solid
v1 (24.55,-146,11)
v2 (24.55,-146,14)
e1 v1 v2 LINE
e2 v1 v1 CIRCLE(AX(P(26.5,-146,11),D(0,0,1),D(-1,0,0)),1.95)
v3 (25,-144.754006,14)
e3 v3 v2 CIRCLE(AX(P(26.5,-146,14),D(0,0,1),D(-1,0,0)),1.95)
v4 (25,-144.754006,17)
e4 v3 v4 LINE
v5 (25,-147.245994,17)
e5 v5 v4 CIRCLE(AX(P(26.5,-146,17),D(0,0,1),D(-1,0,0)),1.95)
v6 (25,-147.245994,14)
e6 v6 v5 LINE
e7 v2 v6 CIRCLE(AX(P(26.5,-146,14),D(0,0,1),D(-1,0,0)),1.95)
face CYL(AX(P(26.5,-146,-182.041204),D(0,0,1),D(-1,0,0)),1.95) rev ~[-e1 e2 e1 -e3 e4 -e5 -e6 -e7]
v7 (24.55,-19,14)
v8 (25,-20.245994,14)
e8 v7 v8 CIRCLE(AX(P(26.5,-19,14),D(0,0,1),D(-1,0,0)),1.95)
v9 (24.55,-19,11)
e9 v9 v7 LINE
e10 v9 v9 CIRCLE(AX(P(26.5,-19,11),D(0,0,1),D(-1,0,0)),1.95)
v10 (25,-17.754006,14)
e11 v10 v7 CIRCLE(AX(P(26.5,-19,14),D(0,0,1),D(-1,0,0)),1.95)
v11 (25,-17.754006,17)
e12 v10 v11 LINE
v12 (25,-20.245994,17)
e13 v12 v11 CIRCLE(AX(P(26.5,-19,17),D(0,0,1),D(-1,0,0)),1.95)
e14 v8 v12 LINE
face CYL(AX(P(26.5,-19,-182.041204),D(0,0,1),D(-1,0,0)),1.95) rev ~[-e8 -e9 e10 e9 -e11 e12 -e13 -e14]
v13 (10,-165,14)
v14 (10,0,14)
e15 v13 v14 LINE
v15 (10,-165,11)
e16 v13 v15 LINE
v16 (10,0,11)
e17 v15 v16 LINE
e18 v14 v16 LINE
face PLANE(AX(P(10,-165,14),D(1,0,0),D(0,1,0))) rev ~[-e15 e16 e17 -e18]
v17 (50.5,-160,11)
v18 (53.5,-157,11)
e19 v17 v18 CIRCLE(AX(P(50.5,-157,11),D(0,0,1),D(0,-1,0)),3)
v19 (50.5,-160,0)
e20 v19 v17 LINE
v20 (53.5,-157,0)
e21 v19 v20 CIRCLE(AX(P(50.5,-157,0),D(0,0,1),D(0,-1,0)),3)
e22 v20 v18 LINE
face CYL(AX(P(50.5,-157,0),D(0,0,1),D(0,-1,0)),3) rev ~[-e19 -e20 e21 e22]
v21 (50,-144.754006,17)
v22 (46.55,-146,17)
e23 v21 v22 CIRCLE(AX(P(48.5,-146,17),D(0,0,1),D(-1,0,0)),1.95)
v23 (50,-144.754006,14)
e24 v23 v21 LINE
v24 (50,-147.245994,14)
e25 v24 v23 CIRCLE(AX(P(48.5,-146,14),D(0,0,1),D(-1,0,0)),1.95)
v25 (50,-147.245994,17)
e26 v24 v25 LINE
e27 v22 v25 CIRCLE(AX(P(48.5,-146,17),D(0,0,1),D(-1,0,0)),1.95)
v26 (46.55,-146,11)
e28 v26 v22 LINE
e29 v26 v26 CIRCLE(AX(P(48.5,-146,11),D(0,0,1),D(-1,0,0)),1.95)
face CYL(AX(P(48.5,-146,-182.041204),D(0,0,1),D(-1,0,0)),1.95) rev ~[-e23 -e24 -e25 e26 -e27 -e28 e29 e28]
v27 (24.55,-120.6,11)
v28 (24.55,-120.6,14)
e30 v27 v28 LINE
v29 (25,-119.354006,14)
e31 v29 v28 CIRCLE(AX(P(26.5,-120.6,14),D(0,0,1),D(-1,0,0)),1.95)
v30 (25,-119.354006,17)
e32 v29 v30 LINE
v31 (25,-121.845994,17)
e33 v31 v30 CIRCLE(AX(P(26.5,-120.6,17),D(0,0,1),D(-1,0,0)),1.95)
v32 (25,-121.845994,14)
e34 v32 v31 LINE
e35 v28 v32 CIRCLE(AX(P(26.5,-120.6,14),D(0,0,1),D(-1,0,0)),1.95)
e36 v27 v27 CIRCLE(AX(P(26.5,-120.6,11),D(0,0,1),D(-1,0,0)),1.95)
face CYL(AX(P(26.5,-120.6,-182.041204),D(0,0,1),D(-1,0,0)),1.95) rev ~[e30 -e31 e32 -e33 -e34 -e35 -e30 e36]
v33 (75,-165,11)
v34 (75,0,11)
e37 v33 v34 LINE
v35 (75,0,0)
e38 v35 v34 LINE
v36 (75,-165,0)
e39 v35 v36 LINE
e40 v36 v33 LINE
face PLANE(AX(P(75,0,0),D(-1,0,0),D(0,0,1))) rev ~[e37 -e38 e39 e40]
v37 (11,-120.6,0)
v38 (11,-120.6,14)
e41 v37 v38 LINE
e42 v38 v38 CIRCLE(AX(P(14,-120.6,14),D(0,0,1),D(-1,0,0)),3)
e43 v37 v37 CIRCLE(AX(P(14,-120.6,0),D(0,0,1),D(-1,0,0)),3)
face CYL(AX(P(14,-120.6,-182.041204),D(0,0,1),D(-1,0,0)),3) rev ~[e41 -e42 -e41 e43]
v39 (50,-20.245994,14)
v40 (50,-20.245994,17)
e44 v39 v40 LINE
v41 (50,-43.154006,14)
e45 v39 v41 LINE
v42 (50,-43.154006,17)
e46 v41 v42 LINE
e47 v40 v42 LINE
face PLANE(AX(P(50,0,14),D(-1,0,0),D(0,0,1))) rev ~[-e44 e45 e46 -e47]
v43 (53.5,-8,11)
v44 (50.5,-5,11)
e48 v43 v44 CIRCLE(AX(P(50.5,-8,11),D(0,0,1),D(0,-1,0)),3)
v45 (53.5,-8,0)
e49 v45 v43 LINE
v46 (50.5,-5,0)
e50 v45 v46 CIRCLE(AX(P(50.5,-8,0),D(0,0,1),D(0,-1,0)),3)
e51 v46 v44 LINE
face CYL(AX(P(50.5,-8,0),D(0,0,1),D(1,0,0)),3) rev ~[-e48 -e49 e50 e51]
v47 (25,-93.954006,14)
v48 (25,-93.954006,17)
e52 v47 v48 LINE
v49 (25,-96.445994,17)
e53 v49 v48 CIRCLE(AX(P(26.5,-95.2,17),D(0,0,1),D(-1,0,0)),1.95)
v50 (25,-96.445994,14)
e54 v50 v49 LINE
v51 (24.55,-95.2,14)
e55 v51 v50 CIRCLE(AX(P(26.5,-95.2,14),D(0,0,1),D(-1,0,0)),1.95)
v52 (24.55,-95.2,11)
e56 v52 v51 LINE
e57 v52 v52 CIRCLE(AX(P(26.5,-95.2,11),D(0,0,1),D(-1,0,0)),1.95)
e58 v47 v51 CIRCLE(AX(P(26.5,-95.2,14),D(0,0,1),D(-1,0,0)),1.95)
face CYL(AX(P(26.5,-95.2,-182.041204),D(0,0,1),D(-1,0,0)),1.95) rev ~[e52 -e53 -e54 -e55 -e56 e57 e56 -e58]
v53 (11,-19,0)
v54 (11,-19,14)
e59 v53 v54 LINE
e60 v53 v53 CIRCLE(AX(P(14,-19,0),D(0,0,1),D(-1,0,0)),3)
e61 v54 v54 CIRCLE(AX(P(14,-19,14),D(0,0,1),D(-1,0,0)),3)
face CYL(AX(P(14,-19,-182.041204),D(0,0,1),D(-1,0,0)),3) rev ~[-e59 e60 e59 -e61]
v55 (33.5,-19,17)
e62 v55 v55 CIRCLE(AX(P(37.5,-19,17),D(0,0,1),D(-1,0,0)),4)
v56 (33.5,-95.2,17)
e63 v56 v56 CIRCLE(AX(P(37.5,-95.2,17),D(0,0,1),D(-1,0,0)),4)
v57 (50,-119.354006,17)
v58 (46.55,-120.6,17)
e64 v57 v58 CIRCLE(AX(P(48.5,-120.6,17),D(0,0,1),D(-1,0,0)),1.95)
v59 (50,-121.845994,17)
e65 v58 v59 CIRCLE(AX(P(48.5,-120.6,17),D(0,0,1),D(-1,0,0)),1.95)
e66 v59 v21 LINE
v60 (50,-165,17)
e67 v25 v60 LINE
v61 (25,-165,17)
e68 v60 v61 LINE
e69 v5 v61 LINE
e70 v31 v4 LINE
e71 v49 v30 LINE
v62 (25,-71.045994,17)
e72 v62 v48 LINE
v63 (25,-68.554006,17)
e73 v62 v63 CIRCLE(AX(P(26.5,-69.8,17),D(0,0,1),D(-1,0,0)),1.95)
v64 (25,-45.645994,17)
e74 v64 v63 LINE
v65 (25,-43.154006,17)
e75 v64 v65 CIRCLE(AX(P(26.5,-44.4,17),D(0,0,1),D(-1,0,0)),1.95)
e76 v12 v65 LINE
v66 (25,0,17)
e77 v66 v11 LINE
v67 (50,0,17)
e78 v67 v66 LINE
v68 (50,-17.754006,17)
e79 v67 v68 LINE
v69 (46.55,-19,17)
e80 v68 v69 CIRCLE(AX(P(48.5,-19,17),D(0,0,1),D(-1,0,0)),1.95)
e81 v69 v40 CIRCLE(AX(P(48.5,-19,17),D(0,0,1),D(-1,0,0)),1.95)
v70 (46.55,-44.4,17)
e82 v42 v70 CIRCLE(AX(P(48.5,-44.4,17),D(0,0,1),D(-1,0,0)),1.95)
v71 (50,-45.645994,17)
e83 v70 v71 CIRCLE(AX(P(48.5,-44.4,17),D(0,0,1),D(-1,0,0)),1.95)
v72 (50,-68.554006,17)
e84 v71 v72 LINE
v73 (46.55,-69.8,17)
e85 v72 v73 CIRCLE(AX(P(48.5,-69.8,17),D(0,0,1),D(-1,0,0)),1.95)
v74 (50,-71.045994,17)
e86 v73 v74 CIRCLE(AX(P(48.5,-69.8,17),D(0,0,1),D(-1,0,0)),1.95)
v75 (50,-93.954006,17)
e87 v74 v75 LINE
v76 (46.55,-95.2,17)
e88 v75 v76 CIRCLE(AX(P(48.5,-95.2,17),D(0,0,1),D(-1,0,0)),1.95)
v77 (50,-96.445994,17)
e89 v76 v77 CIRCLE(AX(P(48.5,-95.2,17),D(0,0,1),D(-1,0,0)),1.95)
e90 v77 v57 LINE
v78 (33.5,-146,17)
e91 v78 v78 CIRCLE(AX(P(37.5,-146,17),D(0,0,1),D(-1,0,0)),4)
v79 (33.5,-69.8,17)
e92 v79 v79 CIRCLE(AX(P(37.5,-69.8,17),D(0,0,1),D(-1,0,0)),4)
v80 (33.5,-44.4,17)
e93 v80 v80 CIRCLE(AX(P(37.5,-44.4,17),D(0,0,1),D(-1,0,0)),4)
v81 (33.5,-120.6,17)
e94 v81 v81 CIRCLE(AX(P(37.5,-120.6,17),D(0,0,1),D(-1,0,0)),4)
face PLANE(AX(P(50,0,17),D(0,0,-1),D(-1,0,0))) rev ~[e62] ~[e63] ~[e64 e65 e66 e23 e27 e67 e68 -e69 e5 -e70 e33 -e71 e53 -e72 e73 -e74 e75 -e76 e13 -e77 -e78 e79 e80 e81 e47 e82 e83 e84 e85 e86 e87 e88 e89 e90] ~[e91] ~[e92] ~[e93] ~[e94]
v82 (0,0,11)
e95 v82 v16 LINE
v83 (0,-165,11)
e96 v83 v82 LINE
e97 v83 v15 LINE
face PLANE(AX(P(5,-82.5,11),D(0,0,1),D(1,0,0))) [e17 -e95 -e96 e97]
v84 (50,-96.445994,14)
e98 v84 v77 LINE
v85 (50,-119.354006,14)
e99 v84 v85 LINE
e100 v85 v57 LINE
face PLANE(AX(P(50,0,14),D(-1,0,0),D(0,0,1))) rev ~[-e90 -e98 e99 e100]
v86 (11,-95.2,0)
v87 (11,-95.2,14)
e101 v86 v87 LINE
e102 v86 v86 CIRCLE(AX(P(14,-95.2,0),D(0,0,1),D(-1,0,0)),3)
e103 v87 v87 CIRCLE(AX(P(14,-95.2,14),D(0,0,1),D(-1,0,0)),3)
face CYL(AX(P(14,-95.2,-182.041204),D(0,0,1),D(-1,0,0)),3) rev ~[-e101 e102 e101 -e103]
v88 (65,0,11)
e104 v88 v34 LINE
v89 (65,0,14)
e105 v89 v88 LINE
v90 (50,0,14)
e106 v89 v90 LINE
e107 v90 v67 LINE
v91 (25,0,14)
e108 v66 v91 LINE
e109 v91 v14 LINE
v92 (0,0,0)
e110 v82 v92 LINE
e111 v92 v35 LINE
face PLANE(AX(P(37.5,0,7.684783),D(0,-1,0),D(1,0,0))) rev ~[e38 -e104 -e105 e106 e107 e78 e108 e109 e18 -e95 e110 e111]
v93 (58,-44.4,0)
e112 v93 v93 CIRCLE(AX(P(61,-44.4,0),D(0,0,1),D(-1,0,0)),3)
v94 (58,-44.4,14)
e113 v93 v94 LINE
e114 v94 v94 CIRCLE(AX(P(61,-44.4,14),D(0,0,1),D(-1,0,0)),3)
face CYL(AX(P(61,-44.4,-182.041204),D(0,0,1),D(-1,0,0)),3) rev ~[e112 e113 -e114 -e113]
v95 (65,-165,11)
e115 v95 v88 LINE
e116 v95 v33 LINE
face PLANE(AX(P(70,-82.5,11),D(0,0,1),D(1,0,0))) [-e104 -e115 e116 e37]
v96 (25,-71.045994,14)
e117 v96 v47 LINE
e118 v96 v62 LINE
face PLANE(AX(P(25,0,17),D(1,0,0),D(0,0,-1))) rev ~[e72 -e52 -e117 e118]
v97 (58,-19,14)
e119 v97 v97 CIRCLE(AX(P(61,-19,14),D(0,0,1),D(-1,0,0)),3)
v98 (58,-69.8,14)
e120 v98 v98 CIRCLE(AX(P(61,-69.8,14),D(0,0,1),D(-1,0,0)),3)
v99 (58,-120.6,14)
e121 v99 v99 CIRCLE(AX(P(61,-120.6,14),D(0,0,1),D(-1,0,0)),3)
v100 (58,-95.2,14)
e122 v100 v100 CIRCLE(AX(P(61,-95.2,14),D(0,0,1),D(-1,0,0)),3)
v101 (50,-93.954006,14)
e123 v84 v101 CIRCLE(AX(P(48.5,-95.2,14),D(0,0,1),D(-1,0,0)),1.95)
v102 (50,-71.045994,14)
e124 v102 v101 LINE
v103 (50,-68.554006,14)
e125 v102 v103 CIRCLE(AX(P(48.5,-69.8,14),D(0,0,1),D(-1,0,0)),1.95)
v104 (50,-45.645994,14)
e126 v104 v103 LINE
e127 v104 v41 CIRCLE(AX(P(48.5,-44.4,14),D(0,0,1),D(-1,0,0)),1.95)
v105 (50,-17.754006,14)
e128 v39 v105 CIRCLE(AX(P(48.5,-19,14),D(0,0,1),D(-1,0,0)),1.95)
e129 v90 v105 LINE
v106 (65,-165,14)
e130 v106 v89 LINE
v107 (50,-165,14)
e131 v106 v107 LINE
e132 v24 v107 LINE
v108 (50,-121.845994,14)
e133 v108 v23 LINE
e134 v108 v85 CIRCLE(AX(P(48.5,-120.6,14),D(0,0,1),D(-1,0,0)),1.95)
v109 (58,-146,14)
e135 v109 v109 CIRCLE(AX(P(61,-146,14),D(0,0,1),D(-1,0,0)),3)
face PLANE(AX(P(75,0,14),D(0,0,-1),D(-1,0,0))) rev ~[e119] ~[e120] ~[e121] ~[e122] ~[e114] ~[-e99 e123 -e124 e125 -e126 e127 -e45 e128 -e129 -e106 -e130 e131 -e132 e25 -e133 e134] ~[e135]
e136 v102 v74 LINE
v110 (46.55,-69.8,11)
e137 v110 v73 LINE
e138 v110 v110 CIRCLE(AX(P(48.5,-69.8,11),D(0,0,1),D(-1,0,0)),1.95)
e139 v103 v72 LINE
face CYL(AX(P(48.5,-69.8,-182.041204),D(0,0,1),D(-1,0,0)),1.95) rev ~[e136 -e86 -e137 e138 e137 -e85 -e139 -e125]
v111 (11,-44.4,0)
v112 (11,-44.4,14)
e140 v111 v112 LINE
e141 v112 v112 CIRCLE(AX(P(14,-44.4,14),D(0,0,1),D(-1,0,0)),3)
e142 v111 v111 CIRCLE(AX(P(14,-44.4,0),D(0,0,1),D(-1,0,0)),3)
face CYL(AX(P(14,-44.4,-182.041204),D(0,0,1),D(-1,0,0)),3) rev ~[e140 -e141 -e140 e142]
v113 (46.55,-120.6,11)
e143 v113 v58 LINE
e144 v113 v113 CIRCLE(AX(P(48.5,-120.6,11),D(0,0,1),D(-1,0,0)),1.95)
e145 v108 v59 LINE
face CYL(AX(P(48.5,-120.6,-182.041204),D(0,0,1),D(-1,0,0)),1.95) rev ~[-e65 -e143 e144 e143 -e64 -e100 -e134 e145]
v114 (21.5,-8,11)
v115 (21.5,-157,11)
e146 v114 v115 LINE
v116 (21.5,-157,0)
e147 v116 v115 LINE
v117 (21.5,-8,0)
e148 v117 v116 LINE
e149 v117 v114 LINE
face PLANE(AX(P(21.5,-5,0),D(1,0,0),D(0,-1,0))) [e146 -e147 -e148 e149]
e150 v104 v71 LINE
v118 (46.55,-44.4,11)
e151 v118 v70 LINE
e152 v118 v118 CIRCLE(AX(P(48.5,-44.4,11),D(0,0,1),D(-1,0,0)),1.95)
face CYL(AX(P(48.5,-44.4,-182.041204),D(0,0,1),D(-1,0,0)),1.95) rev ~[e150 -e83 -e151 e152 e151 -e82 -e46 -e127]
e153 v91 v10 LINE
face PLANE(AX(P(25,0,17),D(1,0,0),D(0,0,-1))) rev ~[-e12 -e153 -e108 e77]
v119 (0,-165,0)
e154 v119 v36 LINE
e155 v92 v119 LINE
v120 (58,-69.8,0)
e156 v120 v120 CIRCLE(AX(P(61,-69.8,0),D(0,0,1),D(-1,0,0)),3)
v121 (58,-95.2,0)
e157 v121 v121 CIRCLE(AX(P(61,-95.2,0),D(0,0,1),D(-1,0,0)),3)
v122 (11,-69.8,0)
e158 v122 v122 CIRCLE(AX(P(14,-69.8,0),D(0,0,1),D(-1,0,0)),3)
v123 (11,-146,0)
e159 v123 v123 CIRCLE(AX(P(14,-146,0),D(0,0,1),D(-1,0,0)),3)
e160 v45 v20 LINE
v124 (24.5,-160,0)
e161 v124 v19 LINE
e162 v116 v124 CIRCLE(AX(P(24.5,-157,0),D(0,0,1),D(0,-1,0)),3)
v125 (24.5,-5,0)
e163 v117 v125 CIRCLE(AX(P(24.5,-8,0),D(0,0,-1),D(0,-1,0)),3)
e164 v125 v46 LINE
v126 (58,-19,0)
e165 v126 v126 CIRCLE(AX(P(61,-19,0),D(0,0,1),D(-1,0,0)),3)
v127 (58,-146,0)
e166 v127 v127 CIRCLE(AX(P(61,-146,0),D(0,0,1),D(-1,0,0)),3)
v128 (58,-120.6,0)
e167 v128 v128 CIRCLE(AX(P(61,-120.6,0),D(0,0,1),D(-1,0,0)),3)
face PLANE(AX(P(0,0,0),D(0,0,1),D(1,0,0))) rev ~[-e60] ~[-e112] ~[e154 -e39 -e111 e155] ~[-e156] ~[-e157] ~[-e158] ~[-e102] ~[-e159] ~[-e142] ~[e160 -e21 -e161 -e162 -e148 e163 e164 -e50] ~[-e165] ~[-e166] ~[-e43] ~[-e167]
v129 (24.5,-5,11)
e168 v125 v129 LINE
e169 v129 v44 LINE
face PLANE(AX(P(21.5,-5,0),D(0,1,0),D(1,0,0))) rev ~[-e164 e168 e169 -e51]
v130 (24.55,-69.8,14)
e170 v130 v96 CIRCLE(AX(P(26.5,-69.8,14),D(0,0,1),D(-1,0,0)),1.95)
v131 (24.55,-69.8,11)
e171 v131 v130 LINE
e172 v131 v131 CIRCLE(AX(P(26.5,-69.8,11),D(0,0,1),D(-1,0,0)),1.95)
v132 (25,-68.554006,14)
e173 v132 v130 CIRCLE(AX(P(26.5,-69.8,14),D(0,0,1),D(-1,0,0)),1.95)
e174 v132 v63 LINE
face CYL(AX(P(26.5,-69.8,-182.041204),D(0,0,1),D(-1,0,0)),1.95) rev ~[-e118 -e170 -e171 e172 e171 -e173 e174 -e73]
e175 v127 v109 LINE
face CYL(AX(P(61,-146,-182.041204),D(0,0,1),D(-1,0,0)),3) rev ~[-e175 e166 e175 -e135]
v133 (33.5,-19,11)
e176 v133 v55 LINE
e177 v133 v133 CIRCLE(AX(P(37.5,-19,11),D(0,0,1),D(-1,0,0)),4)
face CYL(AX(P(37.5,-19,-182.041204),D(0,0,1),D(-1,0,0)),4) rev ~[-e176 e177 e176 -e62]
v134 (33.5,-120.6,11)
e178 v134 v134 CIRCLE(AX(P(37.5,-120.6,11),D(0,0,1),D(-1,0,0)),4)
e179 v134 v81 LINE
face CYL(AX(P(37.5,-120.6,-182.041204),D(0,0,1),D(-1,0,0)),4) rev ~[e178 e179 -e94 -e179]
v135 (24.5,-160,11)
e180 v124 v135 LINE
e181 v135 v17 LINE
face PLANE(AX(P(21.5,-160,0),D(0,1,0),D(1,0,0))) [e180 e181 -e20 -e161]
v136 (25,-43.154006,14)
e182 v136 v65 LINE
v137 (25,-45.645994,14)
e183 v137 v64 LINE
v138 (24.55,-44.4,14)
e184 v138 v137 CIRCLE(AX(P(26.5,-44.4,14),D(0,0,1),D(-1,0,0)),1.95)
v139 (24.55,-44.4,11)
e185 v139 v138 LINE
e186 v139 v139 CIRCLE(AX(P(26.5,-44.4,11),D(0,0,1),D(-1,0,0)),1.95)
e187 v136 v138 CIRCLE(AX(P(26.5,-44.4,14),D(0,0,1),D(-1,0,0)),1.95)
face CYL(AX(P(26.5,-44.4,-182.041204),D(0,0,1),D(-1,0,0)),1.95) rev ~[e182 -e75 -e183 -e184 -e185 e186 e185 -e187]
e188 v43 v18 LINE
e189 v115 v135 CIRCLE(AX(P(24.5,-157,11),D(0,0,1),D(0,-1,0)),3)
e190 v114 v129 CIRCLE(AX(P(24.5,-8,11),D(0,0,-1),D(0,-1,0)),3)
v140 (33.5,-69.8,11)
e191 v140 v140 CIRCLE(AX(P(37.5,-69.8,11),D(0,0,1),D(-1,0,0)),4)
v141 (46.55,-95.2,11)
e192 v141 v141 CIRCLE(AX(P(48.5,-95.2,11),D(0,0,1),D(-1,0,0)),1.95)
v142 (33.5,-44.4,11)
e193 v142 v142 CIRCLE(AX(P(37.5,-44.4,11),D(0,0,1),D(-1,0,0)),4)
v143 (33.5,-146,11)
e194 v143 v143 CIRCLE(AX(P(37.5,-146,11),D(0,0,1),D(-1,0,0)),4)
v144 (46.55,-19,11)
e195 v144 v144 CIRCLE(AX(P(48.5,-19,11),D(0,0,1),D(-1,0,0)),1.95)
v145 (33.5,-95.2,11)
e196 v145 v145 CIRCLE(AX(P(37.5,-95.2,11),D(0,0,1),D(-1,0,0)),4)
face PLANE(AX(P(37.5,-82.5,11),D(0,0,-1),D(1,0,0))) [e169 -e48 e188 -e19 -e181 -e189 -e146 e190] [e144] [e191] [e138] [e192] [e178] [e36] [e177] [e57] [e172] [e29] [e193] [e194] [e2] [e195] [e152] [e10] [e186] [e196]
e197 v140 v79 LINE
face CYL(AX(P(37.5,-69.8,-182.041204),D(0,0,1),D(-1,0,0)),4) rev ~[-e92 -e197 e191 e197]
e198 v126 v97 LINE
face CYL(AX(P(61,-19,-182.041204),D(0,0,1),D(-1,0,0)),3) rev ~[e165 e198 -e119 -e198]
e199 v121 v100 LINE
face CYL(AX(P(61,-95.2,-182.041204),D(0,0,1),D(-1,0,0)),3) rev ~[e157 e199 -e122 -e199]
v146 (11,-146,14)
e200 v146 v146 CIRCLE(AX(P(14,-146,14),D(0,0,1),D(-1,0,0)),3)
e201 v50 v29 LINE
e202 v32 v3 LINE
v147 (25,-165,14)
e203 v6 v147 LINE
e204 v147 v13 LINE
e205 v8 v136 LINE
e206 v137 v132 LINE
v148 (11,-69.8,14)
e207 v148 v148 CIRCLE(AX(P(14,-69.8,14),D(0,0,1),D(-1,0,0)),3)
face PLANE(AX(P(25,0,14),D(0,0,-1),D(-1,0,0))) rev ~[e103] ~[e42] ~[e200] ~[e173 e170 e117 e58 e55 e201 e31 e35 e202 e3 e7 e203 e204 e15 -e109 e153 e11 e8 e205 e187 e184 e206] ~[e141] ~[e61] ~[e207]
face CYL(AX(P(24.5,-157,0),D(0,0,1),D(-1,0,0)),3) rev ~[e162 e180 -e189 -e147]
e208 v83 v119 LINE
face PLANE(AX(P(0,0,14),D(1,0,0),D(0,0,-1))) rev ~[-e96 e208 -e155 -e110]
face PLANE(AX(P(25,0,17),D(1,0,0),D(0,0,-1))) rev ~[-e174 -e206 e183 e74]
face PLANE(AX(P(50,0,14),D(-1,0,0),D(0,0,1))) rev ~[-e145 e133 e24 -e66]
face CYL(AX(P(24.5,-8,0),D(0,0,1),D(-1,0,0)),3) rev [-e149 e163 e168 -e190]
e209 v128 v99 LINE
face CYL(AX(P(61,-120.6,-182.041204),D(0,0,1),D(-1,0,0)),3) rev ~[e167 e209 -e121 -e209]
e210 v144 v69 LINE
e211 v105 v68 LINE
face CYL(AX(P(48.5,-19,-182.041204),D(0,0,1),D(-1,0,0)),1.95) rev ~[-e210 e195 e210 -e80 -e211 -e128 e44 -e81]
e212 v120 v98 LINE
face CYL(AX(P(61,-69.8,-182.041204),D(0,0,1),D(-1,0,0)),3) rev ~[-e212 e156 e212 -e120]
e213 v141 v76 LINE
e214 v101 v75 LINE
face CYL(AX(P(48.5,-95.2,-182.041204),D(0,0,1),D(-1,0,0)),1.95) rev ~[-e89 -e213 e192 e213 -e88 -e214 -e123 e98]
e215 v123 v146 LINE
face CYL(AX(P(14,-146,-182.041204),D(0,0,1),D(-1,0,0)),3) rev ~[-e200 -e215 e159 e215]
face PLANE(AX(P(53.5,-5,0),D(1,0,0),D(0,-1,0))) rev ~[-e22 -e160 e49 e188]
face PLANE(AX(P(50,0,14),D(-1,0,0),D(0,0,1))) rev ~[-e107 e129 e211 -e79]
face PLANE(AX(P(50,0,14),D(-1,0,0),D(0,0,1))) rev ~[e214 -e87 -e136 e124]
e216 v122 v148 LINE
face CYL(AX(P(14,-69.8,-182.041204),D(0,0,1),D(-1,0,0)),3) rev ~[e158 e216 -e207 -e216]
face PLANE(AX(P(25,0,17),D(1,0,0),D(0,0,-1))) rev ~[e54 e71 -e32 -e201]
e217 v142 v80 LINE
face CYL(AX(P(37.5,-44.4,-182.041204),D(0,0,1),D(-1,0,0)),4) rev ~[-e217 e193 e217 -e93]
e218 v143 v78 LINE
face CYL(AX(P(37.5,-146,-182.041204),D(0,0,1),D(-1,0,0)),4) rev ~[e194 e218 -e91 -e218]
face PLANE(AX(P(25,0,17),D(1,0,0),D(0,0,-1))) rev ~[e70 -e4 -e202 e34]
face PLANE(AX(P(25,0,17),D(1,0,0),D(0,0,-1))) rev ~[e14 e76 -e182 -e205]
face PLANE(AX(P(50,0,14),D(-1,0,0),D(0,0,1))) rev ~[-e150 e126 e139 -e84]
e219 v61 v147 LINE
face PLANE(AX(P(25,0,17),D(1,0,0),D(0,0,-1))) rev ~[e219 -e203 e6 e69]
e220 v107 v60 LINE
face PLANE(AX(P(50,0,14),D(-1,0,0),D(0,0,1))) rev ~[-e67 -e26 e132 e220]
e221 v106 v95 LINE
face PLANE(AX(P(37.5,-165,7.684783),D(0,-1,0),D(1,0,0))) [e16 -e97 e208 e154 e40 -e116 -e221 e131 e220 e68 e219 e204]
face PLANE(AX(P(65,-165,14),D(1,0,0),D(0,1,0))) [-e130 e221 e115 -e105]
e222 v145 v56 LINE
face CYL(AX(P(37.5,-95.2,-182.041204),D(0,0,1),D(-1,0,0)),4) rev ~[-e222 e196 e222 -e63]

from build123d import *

# Parameters (mm, degrees)
F1_DEPTH  = 165
F3_D      = 6
F4_D      = 3.9
F5_D      = 8
F6_W      = 32
F6_H      = 155
F7_DEPTH  = 11
F8_R      = 3
F10_W     = 10
F10_H     = 165
F11_DEPTH = 3
F9_W      = 10
F9_H      = 165
F12_DEPTH = 3


with BuildPart() as f1:
    # F0 (on Front) → F1 (new body)
    with BuildSketch(Plane.XZ):
        Polygon((0, 14), (0, 0), (75, 0), (75, 14), (50, 14), (50, 17), (25, 17), (25, 14), align=None)
    extrude(amount=F1_DEPTH)

    # F3 (through all)
    with Locations(Plane(origin=(0, 0, 0), x_dir=(1, 0, 0), z_dir=(0, 0, -1))):
        with Locations((14, 146), (14, 120.6), (14, 95.2), (14, 69.8), (14, 44.4), (14, 19), (61, 146), (61, 120.6), (61, 95.2), (61, 69.8), (61, 44.4), (61, 19)):
            Hole(F3_D / 2)

    # F4 (through all)
    with Locations(Plane(origin=(0, 0, 0), x_dir=(1, 0, 0), z_dir=(0, 0, -1))):
        with Locations((26.5, 146), (26.5, 120.6), (26.5, 95.2), (26.5, 69.8), (26.5, 44.4), (26.5, 19), (48.5, 19), (48.5, 44.4), (48.5, 69.8), (48.5, 95.2), (48.5, 120.6), (48.5, 146)):
            Hole(F4_D / 2)

    # F5 (through all)
    with Locations(Plane(origin=(0, 0, 0), x_dir=(1, 0, 0), z_dir=(0, 0, -1))):
        with Locations((37.5, 146), (37.5, 120.6), (37.5, 95.2), (37.5, 69.8), (37.5, 44.4), (37.5, 19)):
            Hole(F5_D / 2)

    # F6 (on face) → F7 (cut)
    with BuildSketch(Plane(origin=(0, 0, 0), x_dir=(1, 0, 0), z_dir=(0, 0, -1))):
        with Locations((37.5, 82.5)):
            Rectangle(F6_W, F6_H)
    extrude(amount=-F7_DEPTH, mode=Mode.SUBTRACT)

    # F8
    f8_edges = [f1.edges().sort_by_distance(p)[0] for p in [
        (21.5, -160, 5.5),
        (53.5, -160, 5.5),
        (21.5, -5, 5.5),
        (53.5, -5, 5.5),
    ]]
    fillet(f8_edges, radius=F8_R)

    # F10 (on face) → F11 (cut)
    with BuildSketch(Plane.XY.offset(14)):
        with Locations((5, -82.5)):
            Rectangle(F10_W, F10_H)
    extrude(amount=-F11_DEPTH, mode=Mode.SUBTRACT)

    # F9 (on face) → F12 (cut)
    with BuildSketch(Plane.XY.offset(14)):
        with Locations((70, -82.5)):
            Rectangle(F9_W, F9_H)
    extrude(amount=-F12_DEPTH, mode=Mode.SUBTRACT)


solid = f1.part
